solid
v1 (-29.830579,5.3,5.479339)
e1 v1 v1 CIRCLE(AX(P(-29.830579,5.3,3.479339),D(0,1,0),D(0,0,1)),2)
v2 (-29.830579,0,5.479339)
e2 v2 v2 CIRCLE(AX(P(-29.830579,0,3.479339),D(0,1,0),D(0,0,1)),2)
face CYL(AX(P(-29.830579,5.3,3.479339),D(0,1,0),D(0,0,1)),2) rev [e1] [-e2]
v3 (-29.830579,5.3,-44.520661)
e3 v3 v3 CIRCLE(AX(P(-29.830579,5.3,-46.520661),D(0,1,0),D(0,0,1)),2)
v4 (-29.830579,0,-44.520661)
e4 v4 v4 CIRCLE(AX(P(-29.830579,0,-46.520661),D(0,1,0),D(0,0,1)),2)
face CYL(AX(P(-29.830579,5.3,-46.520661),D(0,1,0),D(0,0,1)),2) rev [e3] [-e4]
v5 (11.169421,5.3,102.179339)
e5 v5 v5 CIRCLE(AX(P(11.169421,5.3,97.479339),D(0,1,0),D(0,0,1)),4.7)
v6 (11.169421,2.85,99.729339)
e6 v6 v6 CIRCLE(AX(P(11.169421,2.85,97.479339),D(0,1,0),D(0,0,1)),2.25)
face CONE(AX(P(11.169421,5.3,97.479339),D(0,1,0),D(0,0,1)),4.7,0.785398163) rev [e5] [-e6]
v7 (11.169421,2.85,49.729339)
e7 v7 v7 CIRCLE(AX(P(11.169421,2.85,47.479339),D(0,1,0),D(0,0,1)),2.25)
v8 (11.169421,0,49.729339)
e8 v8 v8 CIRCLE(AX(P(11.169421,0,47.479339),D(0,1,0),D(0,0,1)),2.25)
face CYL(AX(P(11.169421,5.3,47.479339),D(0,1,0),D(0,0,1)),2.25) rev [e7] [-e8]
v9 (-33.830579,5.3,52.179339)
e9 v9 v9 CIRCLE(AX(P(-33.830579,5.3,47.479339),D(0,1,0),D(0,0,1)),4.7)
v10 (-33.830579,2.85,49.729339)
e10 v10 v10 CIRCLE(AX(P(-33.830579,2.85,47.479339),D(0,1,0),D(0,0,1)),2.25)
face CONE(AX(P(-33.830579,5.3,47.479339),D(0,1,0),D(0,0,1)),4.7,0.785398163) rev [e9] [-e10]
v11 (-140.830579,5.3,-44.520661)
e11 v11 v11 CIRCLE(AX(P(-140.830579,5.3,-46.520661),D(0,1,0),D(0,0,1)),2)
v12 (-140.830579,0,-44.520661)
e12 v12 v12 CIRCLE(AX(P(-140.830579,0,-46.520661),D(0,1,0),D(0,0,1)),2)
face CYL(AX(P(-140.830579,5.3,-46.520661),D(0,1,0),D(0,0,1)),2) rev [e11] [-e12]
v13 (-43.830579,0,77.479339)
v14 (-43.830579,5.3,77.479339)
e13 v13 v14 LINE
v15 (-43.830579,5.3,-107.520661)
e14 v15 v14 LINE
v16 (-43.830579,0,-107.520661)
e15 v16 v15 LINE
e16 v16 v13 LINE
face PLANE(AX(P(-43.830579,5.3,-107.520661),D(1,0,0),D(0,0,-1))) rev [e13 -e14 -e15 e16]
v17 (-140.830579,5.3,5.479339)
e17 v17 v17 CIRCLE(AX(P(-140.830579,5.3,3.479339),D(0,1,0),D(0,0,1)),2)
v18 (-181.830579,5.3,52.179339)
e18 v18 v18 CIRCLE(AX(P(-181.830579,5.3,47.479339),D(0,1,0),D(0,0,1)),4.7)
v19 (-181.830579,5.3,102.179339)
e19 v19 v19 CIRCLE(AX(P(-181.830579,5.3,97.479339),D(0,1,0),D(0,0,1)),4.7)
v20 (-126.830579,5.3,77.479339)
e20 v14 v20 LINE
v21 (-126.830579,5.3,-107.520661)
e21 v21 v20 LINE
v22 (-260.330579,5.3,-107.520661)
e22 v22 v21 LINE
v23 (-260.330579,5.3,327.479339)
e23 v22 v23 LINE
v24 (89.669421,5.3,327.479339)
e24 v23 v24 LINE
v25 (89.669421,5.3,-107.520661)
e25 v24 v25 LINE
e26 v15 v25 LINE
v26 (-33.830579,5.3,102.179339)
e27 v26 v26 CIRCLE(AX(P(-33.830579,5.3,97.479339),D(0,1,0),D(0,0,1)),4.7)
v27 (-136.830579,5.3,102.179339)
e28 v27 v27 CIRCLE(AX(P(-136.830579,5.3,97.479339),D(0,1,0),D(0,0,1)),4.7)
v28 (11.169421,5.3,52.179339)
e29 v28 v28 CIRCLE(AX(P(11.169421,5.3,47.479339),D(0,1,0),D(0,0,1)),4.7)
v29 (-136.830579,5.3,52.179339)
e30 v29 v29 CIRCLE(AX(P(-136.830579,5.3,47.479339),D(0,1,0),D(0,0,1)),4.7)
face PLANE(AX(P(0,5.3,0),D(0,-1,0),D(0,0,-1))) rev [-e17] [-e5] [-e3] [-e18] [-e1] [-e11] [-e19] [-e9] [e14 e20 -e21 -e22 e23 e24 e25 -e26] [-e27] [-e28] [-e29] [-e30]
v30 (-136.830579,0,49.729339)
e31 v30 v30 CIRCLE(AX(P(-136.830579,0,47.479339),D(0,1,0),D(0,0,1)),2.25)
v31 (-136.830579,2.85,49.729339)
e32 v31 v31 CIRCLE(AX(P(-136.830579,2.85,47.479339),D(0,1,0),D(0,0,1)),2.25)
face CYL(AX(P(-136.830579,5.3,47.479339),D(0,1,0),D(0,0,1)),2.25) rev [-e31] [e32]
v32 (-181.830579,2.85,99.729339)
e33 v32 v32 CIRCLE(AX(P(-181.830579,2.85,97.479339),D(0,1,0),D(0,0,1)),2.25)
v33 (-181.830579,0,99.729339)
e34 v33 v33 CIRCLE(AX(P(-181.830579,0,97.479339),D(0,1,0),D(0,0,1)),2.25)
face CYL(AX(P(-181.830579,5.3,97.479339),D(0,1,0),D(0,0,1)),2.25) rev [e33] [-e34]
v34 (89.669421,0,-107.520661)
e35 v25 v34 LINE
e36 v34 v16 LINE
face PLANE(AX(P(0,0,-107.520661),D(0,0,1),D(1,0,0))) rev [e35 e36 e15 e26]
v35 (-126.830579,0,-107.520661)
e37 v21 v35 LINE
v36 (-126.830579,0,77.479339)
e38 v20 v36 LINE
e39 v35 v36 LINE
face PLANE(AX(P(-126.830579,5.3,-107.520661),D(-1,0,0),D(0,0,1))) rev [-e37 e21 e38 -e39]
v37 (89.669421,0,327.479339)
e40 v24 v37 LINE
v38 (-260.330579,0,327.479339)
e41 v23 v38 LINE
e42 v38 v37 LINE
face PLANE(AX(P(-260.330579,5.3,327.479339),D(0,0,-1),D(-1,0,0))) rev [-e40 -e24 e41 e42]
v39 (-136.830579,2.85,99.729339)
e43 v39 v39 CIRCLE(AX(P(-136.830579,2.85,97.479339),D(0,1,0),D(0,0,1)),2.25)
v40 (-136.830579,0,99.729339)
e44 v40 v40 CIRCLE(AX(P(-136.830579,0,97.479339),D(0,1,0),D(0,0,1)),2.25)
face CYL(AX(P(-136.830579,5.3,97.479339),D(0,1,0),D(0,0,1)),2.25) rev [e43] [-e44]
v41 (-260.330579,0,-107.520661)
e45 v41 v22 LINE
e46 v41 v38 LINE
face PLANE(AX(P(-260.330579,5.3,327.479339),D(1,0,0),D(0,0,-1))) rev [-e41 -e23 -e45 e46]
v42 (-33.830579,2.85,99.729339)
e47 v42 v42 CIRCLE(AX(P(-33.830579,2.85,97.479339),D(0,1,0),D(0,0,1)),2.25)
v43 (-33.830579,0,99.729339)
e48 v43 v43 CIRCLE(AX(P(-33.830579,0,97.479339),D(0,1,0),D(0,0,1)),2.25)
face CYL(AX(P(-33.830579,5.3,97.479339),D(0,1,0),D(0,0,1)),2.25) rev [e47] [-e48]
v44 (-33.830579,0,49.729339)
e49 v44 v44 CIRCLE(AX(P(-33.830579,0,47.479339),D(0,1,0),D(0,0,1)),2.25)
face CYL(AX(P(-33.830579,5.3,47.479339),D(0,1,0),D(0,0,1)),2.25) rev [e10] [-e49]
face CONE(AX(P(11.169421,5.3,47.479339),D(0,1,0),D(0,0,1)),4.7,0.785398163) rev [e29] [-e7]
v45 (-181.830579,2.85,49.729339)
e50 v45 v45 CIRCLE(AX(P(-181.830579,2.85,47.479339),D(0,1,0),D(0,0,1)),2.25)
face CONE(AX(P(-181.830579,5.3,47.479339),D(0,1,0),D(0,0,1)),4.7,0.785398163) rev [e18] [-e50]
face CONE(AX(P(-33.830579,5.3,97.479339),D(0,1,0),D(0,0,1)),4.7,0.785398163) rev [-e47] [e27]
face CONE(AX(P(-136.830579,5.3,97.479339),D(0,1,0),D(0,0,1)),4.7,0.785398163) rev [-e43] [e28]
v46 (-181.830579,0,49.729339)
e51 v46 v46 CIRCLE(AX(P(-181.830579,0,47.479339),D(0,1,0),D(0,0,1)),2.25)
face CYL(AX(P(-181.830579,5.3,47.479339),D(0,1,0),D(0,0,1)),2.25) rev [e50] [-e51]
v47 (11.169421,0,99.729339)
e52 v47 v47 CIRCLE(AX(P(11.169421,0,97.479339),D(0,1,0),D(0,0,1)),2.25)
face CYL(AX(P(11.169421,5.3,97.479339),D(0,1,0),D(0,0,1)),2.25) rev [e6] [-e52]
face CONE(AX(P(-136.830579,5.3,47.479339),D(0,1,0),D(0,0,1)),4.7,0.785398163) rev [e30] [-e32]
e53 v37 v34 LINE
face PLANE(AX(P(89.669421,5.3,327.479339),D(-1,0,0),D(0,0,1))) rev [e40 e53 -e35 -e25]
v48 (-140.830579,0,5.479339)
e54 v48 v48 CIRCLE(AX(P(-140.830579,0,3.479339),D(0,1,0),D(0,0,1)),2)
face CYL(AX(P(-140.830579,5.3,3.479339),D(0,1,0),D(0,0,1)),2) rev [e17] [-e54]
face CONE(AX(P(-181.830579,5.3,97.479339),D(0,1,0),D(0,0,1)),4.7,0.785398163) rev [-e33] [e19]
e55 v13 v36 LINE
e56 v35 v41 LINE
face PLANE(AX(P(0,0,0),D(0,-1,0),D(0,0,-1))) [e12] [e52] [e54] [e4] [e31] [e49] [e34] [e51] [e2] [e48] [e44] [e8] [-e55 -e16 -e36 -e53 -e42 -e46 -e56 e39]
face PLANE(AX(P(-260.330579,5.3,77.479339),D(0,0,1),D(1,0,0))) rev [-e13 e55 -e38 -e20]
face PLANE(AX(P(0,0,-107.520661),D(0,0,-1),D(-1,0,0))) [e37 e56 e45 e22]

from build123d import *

# Parameters (mm, degrees)
SKETCH1_W                                       = 350
SKETCH1_H                                       = 250
BOSS_EXTRUDE1_DEPTH                             = 5.3
SKETCH4_W                                       = 133.5
SKETCH4_H                                       = 5.3
BOSS_EXTRUDE3_DEPTH                             = 185
F_4_0MM_DOWEL_HOLE1_D                           = 4
CSK_FOR_M4_FLAT_HEAD_MACHINE_SCREW2_D           = 4.5
CSK_FOR_M4_FLAT_HEAD_MACHINE_SCREW2_CSINK_D     = 9.4
CSK_FOR_M4_FLAT_HEAD_MACHINE_SCREW2_CSINK_ANGLE = 90


with BuildPart() as part:
    # Sketch1 → Boss-Extrude1 (new body)
    with BuildSketch(Plane(origin=(0, 0, 0), x_dir=(1, 0, 0), z_dir=(0, 1, 0))):
        with Locations((-85.330578512, -202.479338843)):
            Rectangle(SKETCH1_W, SKETCH1_H)
    extrude(amount=BOSS_EXTRUDE1_DEPTH)

    # Sketch4 → Boss-Extrude3 (add)
    with BuildSketch(Plane(origin=(0, 0, 77.479338843), x_dir=(-1, 0, 0), z_dir=(0, 0, -1))):
        with Locations((193.580578512, 2.65)):
            Rectangle(SKETCH4_W, SKETCH4_H)
        with Locations((-22.919421488, 2.65)):
            Rectangle(SKETCH4_W, SKETCH4_H)
    extrude(amount=BOSS_EXTRUDE3_DEPTH)

    # Ø4.0mm Dowel Hole1 (through all)
    with Locations(Plane(origin=(0, 5.3, 0), x_dir=(1, 0, 0), z_dir=(0, 1, 0))):
        with Locations((-181.830578512, -47.479338843), (-181.830578512, -97.479338843), (-136.830578512, -97.479338843), (-136.830578512, -47.479338843), (-33.830578512, -47.479338843), (11.169421488, -47.479338843), (11.169421488, -97.479338843), (-33.830578512, -97.479338843), (-29.830578512, -3.479338843), (-29.830578512, 46.520661157), (-140.830578512, 46.520661157), (-140.830578512, -3.479338843)):
            Hole(F_4_0MM_DOWEL_HOLE1_D / 2)

    # CSK for M4 Flat Head Machine Screw2 (through all)
    with Locations(Plane(origin=(0, 5.3, 0), x_dir=(1, 0, 0), z_dir=(0, 1, 0))):
        with Locations((-181.830578512, -47.479338843), (-136.830578512, -47.479338843), (-181.830578512, -97.479338843), (-136.830578512, -97.479338843), (-33.830578512, -47.479338843), (11.169421488, -47.479338843), (11.169421488, -97.479338843), (-33.830578512, -97.479338843)):
            CounterSinkHole(CSK_FOR_M4_FLAT_HEAD_MACHINE_SCREW2_D / 2, CSK_FOR_M4_FLAT_HEAD_MACHINE_SCREW2_CSINK_D / 2, counter_sink_angle=CSK_FOR_M4_FLAT_HEAD_MACHINE_SCREW2_CSINK_ANGLE)


solid = part.part
